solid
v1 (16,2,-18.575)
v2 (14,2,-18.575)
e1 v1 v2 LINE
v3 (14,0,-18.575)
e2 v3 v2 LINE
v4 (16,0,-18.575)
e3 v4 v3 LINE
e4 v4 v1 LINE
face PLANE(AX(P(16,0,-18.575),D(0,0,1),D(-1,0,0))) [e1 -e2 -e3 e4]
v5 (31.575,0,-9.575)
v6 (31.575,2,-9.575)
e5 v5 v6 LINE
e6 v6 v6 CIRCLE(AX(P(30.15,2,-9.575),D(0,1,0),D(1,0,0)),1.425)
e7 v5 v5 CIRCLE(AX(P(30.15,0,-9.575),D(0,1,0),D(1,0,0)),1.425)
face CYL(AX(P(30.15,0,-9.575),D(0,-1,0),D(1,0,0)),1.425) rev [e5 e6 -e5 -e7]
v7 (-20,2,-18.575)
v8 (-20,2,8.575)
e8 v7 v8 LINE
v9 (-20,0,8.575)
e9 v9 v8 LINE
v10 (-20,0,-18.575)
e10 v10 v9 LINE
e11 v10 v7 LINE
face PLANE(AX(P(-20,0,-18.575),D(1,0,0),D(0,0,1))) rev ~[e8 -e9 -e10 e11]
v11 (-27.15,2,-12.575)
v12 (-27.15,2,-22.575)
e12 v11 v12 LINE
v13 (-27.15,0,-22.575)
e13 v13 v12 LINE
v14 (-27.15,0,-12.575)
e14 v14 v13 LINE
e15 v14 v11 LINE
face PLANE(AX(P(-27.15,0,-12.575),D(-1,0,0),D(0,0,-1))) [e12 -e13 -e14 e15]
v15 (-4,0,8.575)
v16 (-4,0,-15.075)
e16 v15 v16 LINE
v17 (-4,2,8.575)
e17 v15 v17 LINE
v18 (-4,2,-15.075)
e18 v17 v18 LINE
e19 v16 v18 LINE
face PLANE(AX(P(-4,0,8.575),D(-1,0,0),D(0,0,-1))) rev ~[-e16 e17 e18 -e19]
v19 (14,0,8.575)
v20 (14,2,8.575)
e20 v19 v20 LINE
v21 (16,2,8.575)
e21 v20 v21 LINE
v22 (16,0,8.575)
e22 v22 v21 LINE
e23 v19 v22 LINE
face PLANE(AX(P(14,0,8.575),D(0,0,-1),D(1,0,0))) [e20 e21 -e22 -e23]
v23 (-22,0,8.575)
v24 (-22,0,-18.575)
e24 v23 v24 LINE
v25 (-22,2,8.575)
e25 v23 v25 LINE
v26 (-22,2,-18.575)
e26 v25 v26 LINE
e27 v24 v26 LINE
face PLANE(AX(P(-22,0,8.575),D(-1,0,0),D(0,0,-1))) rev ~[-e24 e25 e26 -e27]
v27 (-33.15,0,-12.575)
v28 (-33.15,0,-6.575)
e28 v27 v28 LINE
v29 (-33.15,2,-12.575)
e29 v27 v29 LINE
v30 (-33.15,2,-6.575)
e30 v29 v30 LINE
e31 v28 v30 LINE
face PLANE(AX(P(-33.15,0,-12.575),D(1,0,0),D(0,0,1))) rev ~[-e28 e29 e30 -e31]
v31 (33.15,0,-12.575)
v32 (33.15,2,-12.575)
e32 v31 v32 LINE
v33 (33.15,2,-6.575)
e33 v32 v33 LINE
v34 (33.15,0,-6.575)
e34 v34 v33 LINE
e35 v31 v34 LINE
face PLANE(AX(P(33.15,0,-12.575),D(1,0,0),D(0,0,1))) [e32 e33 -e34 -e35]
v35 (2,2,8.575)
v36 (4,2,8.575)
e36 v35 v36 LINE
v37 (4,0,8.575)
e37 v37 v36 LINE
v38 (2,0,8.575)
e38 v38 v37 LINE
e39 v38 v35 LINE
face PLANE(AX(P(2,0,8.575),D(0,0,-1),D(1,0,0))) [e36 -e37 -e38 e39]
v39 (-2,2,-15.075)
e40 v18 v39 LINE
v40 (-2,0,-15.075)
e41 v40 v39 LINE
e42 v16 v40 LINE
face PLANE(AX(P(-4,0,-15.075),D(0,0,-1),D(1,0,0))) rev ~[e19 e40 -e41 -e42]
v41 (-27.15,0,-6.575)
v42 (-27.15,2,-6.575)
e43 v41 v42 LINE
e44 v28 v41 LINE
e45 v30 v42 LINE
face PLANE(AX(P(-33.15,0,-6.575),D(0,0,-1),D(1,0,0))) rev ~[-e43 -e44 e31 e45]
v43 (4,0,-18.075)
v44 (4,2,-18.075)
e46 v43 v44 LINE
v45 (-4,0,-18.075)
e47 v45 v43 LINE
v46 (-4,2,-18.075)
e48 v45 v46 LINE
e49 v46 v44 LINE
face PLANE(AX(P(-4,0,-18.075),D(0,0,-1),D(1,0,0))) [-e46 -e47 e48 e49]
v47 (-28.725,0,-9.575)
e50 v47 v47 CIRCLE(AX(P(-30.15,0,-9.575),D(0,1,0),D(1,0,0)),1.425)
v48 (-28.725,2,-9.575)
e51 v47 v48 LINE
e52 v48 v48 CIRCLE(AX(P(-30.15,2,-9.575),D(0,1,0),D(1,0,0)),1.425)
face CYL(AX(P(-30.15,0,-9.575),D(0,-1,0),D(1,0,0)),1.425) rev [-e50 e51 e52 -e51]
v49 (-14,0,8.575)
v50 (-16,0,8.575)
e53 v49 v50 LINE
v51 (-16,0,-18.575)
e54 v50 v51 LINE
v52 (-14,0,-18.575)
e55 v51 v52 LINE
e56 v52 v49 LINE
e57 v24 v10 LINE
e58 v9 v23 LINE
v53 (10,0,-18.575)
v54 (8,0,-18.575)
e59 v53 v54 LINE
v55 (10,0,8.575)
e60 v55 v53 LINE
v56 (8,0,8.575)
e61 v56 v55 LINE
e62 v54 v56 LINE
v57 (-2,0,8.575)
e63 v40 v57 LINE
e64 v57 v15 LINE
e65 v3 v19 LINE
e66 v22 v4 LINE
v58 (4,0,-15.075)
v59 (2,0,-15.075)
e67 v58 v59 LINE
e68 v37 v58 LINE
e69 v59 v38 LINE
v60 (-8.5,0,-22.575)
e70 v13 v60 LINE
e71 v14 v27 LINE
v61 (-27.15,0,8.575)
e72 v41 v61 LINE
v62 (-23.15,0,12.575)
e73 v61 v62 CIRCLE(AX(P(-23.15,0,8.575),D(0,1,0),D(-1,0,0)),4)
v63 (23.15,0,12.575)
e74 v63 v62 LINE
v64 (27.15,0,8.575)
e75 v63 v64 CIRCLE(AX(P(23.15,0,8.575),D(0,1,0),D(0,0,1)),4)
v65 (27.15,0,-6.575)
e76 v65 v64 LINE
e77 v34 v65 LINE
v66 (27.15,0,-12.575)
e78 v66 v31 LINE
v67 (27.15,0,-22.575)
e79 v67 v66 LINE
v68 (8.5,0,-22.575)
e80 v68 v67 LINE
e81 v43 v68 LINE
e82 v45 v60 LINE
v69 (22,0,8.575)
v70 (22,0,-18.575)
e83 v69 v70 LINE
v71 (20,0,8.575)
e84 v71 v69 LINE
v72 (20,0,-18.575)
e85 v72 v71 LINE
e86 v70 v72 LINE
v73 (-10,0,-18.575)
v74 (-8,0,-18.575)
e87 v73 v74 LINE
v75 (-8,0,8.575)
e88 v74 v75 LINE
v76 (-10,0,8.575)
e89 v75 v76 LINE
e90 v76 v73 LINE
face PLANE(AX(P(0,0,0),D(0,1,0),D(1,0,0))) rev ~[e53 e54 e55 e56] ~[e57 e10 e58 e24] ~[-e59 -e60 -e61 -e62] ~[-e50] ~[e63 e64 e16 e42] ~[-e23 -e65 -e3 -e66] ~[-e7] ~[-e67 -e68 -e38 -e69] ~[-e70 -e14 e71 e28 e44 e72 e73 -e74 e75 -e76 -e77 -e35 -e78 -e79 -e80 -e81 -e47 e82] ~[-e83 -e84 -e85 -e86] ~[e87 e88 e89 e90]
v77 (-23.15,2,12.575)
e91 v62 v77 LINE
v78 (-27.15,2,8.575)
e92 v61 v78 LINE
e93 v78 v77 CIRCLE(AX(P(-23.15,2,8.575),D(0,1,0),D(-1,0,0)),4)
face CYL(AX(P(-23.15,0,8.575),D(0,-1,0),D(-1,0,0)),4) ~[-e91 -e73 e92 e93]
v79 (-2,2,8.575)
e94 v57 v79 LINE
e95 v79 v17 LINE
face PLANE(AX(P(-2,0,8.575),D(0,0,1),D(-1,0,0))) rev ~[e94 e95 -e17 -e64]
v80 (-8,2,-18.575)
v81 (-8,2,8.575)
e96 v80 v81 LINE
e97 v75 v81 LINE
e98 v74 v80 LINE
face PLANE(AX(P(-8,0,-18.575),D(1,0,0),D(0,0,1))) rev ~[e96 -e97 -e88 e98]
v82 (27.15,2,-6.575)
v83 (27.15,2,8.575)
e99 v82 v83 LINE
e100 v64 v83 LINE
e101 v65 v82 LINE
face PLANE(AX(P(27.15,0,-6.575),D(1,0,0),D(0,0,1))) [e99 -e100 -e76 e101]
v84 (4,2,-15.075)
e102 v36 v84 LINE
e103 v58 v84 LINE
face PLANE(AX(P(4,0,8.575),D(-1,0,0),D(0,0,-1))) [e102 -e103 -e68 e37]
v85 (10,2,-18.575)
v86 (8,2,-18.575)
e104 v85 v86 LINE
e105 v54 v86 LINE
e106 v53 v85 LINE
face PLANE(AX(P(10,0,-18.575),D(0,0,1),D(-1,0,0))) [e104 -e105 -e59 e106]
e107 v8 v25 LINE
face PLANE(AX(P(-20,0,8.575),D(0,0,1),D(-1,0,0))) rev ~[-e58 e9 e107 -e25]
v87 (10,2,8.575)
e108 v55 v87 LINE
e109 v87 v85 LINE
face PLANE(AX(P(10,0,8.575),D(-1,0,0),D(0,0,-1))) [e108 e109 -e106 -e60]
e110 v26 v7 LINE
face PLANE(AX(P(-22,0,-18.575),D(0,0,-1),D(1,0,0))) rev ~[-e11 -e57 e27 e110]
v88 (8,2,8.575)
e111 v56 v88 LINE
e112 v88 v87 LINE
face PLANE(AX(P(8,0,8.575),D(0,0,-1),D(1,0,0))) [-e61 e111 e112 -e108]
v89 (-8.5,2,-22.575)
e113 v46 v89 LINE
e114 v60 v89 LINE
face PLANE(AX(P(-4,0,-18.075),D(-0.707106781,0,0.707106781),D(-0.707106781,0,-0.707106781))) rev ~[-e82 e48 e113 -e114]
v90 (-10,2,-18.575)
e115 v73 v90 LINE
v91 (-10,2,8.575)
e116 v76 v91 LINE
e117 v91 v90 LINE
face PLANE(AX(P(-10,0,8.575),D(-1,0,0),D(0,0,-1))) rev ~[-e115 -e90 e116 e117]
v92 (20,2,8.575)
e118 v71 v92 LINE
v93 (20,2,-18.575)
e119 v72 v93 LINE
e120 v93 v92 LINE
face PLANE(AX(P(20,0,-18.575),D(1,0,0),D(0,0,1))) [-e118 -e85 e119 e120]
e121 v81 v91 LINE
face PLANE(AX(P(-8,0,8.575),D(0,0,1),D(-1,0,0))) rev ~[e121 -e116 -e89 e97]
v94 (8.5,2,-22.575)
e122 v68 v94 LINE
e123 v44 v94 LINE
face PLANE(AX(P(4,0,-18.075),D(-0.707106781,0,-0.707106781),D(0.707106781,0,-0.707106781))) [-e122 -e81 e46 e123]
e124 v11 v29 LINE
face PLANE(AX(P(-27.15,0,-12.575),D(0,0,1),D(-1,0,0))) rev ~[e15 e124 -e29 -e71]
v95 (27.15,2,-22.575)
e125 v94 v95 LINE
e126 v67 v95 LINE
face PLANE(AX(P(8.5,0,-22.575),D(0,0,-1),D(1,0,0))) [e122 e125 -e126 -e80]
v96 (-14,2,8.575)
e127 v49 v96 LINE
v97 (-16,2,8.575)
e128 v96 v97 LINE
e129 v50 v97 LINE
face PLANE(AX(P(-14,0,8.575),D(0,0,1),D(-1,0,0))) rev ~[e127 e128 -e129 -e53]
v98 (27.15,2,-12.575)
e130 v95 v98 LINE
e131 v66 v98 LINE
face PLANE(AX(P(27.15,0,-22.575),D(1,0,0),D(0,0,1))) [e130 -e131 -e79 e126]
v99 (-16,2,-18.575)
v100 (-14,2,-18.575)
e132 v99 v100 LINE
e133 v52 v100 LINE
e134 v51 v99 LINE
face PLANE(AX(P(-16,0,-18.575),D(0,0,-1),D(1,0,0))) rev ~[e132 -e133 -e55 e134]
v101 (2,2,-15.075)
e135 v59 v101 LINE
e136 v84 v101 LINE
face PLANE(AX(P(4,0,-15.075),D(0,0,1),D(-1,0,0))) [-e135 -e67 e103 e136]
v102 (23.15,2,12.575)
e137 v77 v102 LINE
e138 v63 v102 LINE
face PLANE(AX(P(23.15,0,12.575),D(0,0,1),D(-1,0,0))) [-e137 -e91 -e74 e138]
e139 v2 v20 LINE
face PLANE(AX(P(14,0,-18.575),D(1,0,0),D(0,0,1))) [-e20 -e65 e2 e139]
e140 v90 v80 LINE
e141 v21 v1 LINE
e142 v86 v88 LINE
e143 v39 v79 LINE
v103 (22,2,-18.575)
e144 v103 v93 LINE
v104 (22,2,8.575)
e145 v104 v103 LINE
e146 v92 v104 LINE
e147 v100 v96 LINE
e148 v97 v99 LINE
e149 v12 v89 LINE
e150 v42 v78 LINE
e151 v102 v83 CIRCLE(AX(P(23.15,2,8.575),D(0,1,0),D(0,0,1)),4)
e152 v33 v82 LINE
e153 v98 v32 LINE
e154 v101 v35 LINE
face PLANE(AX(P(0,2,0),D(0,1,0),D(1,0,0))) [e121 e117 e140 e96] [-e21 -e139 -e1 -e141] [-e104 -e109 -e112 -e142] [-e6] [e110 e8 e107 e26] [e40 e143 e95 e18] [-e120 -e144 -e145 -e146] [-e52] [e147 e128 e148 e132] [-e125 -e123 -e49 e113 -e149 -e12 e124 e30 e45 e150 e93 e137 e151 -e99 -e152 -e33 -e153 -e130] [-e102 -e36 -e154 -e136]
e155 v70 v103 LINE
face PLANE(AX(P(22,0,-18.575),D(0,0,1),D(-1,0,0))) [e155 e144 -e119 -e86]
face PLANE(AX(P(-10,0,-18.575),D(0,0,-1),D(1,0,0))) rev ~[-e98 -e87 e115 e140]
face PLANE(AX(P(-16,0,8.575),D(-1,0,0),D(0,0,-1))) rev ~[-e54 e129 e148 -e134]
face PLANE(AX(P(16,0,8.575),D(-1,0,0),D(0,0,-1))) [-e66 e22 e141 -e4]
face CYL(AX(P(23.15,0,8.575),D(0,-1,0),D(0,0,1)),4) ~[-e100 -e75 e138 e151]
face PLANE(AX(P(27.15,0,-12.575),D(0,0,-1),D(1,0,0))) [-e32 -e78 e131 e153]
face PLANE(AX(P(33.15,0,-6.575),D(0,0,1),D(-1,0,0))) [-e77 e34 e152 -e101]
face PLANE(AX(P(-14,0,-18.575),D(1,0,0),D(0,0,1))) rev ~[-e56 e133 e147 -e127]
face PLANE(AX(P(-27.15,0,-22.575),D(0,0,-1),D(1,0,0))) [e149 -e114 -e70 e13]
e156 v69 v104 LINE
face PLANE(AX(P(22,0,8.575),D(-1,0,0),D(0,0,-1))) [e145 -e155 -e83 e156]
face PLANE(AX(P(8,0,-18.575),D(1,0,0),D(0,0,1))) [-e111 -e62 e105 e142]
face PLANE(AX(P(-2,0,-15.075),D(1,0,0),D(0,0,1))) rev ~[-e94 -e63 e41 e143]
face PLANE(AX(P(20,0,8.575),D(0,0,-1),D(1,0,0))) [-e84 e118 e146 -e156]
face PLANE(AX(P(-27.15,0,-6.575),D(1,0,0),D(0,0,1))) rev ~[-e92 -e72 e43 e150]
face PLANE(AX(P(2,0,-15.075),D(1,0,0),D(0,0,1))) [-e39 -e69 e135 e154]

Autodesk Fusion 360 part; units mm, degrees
sketch "Sketch1" plane through (0, 0, 0) normal (0, 1, 0) x (1, 0, 0)
  line L0 (0, 12.575) -> (27.15, 12.575) construction
  line L1 (27.15, 12.575) -> (27.15, -8.575)
  line L2 (23.15, -12.575) -> (0, -12.575)
  line L3 (27.15, 12.575) -> (33.15, 12.575)
  line L4 (33.15, 12.575) -> (33.15, 6.575)
  line L5 (33.15, 6.575) -> (27.15, 6.575)
  line L6 (27.15, 6.575) -> (27.15, 12.575)
  line L7 (0, -12.575) -> (0, 12.575) construction
  circle A0 centre (30.15, 9.575) radius 1.425
  line L8 (27.15, 6.575) -> (33.15, 12.575) construction
  arc A1 (23.15, -12.575) -> (27.15, -8.575) centre (23.15, -8.575) ccw
  line L9 (-27.15, 12.575) -> (-27.15, -8.575)
  line L10 (-33.15, 6.575) -> (-27.15, 6.575)
  circle A2 centre (-30.15, 9.575) radius 1.425
  line L11 (-27.15, 12.575) -> (-33.15, 12.575)
  line L12 (-33.15, 12.575) -> (-33.15, 6.575)
  line L13 (-23.15, -12.575) -> (0, -12.575)
  arc A3 (-27.15, -8.575) -> (-23.15, -12.575) centre (-23.15, -8.575) ccw
  line L14 (-27.15, 0) -> (27.15, 0) construction
  line L15 (-27.15, 12.575) -> (-27.15, 22.575)
  line L16 (-27.15, 22.575) -> (27.15, 22.575)
  line L17 (27.15, 22.575) -> (27.15, 12.575)
  line L18 (-10, -8.575) -> (-10, 18.575)
  line L19 (-10, 18.575) -> (-8, 18.575)
  line L20 (-8, 18.575) -> (-8, -8.575)
  line L21 (-8, -8.575) -> (-10, -8.575)
  line L22 (-16, -8.575) -> (-16, 18.575)
  line L23 (-16, 18.575) -> (-14, 18.575)
  line L24 (-14, 18.575) -> (-14, -8.575)
  line L25 (-14, -8.575) -> (-16, -8.575)
  line L26 (-22, -8.575) -> (-22, 18.575)
  line L27 (-22, 18.575) -> (-20, 18.575)
  line L28 (-20, 18.575) -> (-20, -8.575)
  line L29 (-20, -8.575) -> (-22, -8.575)
  line L30 (-4, 18.075) -> (4, 18.075)
  line L31 (-4, 18.075) -> (-8.5, 22.575)
  line L32 (4, 18.075) -> (8.5, 22.575)
  line L33 (20, -8.575) -> (22, -8.575)
  line L34 (14, -8.575) -> (16, -8.575)
  line L35 (8, 18.575) -> (8, -8.575)
  line L36 (22, 18.575) -> (20, 18.575)
  line L37 (10, 18.575) -> (8, 18.575)
  line L38 (8, -8.575) -> (10, -8.575)
  line L39 (16, -8.575) -> (16, 18.575)
  line L40 (22, -8.575) -> (22, 18.575)
  line L41 (14, 18.575) -> (14, -8.575)
  line L42 (16, 18.575) -> (14, 18.575)
  line L43 (10, -8.575) -> (10, 18.575)
  line L44 (20, 18.575) -> (20, -8.575)
  line L45 (-4, 15.075) -> (-2, 15.075)
  line L46 (-2, 15.075) -> (-2, -8.575)
  line L47 (-2, -8.575) -> (-4, -8.575)
  line L48 (-4, -8.575) -> (-4, 15.075)
  line L49 (4, 15.075) -> (2, 15.075)
  line L50 (2, 15.075) -> (2, -8.575)
  line L51 (4, -8.575) -> (4, 15.075)
  line L52 (2, -8.575) -> (4, -8.575)
  point P0 (23.15, -8.575)
  point P1 (0, 18.075)
  dimension "d1" = 6
  dimension "d2" = 6
  dimension "d4" = 33.15
  dimension "d5" = 2.85
  dimension "d6" = 4
  dimension "d16" = 10
  dimension "d18" = 25.15
  dimension "d25" = 4.5
  dimension "d26" = 45
  dimension "d27" = 45
  dimension "d28" = 2
  dimension "d29" = 8
  dimension "d30" = 27.15
  dimension "d31" = 4
  dimension "d32" = 4
  dimension "d33" = 4
  dimension "d34" = 8
  dimension "d35" = 4
  dimension "d36" = 3
extrude "Extrude1" add sketch "Sketch1" along normal blind 2 contours L1 L3 L4 L5 L6 | L1 L2 L6 A1 L9 L13 A3 L15 L16 L17 L30 L31 L32 | L9 L10 L11 L12
